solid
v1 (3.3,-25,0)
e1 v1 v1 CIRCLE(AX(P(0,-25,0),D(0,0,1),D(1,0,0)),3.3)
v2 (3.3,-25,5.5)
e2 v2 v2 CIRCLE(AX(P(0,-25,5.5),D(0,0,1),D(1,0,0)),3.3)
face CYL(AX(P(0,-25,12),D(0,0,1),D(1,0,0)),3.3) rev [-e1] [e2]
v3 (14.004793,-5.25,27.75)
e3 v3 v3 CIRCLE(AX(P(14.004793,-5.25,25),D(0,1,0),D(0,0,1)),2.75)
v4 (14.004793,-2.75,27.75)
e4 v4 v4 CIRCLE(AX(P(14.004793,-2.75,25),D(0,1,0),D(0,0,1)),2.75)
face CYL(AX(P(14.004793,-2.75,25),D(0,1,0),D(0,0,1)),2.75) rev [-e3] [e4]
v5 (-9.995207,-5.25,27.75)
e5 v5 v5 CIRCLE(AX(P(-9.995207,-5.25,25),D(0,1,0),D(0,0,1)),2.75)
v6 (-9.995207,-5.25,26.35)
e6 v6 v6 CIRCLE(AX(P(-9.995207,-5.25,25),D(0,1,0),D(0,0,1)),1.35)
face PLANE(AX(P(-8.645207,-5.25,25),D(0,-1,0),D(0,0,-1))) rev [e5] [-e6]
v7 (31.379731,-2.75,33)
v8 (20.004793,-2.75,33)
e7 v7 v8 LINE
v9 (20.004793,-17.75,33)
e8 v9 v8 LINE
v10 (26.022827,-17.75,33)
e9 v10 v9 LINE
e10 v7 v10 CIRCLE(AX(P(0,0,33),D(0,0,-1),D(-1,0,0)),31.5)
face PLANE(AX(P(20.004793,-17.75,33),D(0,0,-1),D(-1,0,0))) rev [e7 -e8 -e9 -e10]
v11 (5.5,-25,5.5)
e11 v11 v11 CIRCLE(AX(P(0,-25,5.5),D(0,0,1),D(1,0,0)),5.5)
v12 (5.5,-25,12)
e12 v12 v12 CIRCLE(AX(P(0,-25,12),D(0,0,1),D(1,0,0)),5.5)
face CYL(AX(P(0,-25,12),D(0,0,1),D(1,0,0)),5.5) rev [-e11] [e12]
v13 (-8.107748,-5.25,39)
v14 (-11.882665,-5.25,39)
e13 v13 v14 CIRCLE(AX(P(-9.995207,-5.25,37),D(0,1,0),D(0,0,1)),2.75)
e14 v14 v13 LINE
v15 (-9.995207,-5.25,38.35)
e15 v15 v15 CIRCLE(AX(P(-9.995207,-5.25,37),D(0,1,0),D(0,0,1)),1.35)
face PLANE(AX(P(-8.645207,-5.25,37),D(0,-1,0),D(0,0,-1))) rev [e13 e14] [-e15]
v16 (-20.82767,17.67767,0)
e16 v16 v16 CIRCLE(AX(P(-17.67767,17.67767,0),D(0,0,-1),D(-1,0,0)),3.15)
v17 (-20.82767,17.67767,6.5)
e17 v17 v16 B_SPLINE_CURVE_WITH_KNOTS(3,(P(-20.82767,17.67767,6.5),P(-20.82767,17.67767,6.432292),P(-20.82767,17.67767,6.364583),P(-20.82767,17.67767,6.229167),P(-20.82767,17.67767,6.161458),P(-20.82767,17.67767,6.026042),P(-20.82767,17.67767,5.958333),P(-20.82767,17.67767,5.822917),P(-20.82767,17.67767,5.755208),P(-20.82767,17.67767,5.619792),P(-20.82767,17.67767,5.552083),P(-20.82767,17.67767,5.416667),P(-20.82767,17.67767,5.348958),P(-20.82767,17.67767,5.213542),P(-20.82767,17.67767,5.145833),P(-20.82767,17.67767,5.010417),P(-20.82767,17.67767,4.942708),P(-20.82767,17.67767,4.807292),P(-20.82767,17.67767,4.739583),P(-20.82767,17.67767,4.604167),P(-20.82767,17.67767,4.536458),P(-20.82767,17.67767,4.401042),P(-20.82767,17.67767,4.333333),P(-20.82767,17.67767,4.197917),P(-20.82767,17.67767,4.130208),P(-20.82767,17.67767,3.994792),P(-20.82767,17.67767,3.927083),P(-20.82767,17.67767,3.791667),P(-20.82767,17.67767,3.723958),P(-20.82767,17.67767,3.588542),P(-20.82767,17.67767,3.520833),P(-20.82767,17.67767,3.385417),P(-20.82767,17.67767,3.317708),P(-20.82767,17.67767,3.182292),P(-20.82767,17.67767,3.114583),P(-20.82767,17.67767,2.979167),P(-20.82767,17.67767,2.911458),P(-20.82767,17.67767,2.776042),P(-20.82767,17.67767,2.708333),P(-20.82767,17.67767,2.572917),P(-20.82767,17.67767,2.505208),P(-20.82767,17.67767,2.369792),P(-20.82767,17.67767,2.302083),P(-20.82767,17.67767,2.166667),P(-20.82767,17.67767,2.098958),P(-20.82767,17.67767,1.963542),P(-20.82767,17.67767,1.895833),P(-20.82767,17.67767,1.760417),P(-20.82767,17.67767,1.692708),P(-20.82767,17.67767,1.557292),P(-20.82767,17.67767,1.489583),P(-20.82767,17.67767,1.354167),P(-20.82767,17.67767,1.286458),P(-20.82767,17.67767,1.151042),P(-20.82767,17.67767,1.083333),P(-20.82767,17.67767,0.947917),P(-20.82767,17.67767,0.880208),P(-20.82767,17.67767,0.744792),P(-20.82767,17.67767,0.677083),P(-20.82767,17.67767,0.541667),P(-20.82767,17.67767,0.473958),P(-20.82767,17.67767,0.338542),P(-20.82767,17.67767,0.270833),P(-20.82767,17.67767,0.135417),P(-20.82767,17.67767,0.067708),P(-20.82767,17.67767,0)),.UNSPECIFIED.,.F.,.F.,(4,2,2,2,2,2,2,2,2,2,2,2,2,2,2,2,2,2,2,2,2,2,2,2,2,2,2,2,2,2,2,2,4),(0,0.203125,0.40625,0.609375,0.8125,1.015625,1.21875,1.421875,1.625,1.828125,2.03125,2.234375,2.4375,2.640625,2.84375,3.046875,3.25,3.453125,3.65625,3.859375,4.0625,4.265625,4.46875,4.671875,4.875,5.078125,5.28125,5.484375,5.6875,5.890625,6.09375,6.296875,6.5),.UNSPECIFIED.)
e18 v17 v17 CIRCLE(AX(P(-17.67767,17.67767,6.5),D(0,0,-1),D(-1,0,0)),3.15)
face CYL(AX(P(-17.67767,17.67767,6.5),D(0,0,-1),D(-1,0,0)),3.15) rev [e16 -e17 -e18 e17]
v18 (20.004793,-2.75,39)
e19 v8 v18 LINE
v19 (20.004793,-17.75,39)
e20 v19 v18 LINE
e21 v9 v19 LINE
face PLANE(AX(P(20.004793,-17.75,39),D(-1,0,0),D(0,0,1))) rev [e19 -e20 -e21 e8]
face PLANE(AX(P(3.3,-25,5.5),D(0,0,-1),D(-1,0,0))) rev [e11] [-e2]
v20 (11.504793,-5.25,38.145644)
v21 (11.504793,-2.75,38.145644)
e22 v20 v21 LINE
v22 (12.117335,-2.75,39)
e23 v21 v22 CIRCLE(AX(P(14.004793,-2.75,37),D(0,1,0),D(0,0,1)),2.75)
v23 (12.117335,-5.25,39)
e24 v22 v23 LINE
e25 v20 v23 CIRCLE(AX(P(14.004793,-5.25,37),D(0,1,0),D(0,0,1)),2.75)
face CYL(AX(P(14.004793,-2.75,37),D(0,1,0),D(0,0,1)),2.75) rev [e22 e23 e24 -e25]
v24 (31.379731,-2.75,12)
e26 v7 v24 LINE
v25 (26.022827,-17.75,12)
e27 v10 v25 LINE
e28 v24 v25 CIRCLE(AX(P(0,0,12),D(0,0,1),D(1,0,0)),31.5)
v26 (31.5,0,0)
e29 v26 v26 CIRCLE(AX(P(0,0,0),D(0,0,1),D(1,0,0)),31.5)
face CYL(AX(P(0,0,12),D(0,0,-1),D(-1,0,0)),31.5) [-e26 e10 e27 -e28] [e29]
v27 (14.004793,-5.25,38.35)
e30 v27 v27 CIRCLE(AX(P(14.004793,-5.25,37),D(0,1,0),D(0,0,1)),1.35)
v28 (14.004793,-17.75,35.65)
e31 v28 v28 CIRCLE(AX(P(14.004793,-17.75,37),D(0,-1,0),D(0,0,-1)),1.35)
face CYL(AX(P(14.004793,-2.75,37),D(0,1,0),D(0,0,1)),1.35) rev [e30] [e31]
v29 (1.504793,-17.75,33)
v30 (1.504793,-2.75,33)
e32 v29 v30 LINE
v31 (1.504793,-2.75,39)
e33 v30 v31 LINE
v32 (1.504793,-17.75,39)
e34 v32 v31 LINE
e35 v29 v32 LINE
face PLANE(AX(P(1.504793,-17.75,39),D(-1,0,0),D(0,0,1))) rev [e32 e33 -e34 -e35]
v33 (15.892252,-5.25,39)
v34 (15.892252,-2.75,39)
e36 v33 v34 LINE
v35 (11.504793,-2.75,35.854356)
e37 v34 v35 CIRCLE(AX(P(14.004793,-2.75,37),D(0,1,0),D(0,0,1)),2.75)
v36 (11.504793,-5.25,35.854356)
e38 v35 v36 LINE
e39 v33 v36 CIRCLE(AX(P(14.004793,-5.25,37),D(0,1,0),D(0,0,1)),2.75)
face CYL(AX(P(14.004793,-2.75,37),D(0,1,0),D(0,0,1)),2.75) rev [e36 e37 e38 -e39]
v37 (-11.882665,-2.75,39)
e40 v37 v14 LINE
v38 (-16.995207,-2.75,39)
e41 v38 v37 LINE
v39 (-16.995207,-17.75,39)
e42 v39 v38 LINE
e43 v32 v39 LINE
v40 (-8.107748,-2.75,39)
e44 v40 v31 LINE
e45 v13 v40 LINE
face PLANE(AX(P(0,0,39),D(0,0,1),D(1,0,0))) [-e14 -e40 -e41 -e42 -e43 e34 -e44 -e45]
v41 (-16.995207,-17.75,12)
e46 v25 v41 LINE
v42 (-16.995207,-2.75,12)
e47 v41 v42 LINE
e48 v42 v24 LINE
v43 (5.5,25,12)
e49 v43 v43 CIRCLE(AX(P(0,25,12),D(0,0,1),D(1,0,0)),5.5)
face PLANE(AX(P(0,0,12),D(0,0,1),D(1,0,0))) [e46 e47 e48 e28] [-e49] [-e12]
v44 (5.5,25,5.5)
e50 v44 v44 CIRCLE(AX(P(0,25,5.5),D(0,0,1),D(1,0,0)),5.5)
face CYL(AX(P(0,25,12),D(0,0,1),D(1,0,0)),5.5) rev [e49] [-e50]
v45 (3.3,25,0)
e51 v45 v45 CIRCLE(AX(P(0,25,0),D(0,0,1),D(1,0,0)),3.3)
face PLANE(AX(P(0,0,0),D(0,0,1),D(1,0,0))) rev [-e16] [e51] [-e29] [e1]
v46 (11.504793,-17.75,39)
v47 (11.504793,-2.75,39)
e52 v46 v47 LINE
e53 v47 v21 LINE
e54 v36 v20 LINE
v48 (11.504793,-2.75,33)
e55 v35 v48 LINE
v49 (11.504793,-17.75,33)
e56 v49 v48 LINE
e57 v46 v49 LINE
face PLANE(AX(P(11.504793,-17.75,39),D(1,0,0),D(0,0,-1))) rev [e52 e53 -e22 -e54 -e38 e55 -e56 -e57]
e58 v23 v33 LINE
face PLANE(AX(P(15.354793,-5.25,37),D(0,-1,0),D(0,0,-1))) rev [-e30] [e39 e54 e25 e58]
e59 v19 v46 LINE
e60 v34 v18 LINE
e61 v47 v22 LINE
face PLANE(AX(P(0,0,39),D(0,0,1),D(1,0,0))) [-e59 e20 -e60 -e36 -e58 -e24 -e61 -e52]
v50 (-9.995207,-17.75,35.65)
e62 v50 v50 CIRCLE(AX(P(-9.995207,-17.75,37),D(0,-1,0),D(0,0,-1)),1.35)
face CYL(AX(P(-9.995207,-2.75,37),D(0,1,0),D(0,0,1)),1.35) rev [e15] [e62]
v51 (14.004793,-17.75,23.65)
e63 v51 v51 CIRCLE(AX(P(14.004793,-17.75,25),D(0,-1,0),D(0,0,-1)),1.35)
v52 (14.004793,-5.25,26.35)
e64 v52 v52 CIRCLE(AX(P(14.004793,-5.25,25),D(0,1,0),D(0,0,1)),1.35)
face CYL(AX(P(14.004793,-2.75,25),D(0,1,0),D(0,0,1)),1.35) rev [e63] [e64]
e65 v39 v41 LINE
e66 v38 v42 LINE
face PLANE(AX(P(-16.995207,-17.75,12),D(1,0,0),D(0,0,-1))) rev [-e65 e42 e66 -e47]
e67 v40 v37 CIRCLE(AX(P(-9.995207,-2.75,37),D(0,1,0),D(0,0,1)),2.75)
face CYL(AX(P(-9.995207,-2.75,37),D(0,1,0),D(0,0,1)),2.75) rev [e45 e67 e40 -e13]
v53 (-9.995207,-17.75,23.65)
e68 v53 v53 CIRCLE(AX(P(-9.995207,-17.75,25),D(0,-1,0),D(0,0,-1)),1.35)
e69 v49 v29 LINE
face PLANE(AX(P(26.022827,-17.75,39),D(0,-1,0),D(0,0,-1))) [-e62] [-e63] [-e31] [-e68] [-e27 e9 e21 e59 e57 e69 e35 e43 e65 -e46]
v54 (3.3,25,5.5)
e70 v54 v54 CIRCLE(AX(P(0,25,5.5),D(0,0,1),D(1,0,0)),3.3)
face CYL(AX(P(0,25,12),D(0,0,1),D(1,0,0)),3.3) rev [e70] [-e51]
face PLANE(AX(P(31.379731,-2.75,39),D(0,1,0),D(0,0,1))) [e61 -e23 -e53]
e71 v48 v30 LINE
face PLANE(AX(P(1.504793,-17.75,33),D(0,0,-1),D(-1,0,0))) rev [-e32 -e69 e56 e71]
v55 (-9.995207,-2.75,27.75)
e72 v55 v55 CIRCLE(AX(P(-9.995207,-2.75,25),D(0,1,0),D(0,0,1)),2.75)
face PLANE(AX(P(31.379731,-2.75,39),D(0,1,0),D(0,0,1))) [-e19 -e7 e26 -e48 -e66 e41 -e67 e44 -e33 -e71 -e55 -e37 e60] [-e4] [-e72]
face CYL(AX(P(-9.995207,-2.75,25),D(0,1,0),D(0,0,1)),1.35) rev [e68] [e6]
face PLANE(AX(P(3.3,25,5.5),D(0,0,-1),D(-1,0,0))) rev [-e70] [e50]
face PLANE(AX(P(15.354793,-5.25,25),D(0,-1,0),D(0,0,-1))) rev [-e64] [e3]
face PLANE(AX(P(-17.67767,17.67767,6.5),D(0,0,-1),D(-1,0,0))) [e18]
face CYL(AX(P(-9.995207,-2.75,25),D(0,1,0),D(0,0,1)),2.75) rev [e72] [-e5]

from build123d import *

# Parameters (mm, degrees)
SKETCH2_R                        = 31.5
BOSS_EXTRUDE1_DEPTH              = 12
CBORE_FOR_M6_SHCS1_D             = 6.6
CBORE_FOR_M6_SHCS1_CBORE_D       = 11
CBORE_FOR_M6_SHCS1_CBORE_DEPTH   = 6.5
SKETCH5_R                        = 3.15
CUT_EXTRUDE1_DEPTH               = 6.5
BOSS_EXTRUDE2_DEPTH              = 27
CBORE_FOR_M2_5_SHCS1_D           = 2.7
CBORE_FOR_M2_5_SHCS1_CBORE_D     = 5.5
CBORE_FOR_M2_5_SHCS1_CBORE_DEPTH = 2.5
SKETCH9_W                        = 14.384523908
SKETCH9_H                        = 27
SKETCH9_W_2                      = 10
SKETCH9_H_2                      = 6
SKETCH9_W_3                      = 11.37493753
CUT_EXTRUDE2_DEPTH               = 15


with BuildPart() as part:
    # Sketch2 → Boss-Extrude1 (new body)
    with BuildSketch(Plane.XY):
        Circle(SKETCH2_R)
    extrude(amount=BOSS_EXTRUDE1_DEPTH)

    # CBORE for M6 SHCS1 (through all)
    with Locations(Plane.XY.offset(12)):
        with Locations((0, 25), (0, -25)):
            CounterBoreHole(CBORE_FOR_M6_SHCS1_D / 2, CBORE_FOR_M6_SHCS1_CBORE_D / 2, CBORE_FOR_M6_SHCS1_CBORE_DEPTH)

    # Sketch5 → Cut-Extrude1 (cut)
    with BuildSketch(Plane(origin=(0, 0, 0), x_dir=(-1, 0, 0), z_dir=(0, 0, -1))):
        with Locations((17.67766953, 17.67766953)):
            Circle(SKETCH5_R)
    extrude(amount=-CUT_EXTRUDE1_DEPTH, mode=Mode.SUBTRACT)

    # Sketch6 → Boss-Extrude2 (add)
    with BuildSketch(Plane(origin=(0, 0, 12), x_dir=(-1, 0, 0), z_dir=(0, 0, -1))):
        with BuildLine():
            Line((-31.379730719, -2.75), (31.379730719, -2.75))
            ThreePointArc((31.379730719, -2.75), (29.665019709, -10.594177913), (26.022826518, -17.75))
            Line((26.022826518, -17.75), (-26.022826518, -17.75))
            ThreePointArc((-26.022826518, -17.75), (-29.665019709, -10.594177913), (-31.379730719, -2.75))
        make_face()
    extrude(amount=-BOSS_EXTRUDE2_DEPTH)

    # CBORE for M2.5 SHCS1 (through all)
    with Locations(Plane(origin=(0, -2.75, 0), x_dir=(1, 0, 0), z_dir=(0, 1, 0))):
        with Locations((-9.995206811, -25), (14.004793189, -37), (-9.995206811, -37), (14.004793189, -25)):
            CounterBoreHole(CBORE_FOR_M2_5_SHCS1_D / 2, CBORE_FOR_M2_5_SHCS1_CBORE_D / 2, CBORE_FOR_M2_5_SHCS1_CBORE_DEPTH)

    # Sketch9 → Cut-Extrude2 (cut)
    with BuildSketch(Plane(origin=(0, -2.75, 0), x_dir=(1, 0, 0), z_dir=(0, 1, 0))):
        with Locations((-24.187468765, -25.5)):
            Rectangle(SKETCH9_W, SKETCH9_H)
        with Locations((6.504793189, -36)):
            Rectangle(SKETCH9_W_2, SKETCH9_H_2)
        with Locations((25.692261954, -36)):
            Rectangle(SKETCH9_W_3, SKETCH9_H_2)
    extrude(amount=-CUT_EXTRUDE2_DEPTH, mode=Mode.SUBTRACT)


solid = part.part
